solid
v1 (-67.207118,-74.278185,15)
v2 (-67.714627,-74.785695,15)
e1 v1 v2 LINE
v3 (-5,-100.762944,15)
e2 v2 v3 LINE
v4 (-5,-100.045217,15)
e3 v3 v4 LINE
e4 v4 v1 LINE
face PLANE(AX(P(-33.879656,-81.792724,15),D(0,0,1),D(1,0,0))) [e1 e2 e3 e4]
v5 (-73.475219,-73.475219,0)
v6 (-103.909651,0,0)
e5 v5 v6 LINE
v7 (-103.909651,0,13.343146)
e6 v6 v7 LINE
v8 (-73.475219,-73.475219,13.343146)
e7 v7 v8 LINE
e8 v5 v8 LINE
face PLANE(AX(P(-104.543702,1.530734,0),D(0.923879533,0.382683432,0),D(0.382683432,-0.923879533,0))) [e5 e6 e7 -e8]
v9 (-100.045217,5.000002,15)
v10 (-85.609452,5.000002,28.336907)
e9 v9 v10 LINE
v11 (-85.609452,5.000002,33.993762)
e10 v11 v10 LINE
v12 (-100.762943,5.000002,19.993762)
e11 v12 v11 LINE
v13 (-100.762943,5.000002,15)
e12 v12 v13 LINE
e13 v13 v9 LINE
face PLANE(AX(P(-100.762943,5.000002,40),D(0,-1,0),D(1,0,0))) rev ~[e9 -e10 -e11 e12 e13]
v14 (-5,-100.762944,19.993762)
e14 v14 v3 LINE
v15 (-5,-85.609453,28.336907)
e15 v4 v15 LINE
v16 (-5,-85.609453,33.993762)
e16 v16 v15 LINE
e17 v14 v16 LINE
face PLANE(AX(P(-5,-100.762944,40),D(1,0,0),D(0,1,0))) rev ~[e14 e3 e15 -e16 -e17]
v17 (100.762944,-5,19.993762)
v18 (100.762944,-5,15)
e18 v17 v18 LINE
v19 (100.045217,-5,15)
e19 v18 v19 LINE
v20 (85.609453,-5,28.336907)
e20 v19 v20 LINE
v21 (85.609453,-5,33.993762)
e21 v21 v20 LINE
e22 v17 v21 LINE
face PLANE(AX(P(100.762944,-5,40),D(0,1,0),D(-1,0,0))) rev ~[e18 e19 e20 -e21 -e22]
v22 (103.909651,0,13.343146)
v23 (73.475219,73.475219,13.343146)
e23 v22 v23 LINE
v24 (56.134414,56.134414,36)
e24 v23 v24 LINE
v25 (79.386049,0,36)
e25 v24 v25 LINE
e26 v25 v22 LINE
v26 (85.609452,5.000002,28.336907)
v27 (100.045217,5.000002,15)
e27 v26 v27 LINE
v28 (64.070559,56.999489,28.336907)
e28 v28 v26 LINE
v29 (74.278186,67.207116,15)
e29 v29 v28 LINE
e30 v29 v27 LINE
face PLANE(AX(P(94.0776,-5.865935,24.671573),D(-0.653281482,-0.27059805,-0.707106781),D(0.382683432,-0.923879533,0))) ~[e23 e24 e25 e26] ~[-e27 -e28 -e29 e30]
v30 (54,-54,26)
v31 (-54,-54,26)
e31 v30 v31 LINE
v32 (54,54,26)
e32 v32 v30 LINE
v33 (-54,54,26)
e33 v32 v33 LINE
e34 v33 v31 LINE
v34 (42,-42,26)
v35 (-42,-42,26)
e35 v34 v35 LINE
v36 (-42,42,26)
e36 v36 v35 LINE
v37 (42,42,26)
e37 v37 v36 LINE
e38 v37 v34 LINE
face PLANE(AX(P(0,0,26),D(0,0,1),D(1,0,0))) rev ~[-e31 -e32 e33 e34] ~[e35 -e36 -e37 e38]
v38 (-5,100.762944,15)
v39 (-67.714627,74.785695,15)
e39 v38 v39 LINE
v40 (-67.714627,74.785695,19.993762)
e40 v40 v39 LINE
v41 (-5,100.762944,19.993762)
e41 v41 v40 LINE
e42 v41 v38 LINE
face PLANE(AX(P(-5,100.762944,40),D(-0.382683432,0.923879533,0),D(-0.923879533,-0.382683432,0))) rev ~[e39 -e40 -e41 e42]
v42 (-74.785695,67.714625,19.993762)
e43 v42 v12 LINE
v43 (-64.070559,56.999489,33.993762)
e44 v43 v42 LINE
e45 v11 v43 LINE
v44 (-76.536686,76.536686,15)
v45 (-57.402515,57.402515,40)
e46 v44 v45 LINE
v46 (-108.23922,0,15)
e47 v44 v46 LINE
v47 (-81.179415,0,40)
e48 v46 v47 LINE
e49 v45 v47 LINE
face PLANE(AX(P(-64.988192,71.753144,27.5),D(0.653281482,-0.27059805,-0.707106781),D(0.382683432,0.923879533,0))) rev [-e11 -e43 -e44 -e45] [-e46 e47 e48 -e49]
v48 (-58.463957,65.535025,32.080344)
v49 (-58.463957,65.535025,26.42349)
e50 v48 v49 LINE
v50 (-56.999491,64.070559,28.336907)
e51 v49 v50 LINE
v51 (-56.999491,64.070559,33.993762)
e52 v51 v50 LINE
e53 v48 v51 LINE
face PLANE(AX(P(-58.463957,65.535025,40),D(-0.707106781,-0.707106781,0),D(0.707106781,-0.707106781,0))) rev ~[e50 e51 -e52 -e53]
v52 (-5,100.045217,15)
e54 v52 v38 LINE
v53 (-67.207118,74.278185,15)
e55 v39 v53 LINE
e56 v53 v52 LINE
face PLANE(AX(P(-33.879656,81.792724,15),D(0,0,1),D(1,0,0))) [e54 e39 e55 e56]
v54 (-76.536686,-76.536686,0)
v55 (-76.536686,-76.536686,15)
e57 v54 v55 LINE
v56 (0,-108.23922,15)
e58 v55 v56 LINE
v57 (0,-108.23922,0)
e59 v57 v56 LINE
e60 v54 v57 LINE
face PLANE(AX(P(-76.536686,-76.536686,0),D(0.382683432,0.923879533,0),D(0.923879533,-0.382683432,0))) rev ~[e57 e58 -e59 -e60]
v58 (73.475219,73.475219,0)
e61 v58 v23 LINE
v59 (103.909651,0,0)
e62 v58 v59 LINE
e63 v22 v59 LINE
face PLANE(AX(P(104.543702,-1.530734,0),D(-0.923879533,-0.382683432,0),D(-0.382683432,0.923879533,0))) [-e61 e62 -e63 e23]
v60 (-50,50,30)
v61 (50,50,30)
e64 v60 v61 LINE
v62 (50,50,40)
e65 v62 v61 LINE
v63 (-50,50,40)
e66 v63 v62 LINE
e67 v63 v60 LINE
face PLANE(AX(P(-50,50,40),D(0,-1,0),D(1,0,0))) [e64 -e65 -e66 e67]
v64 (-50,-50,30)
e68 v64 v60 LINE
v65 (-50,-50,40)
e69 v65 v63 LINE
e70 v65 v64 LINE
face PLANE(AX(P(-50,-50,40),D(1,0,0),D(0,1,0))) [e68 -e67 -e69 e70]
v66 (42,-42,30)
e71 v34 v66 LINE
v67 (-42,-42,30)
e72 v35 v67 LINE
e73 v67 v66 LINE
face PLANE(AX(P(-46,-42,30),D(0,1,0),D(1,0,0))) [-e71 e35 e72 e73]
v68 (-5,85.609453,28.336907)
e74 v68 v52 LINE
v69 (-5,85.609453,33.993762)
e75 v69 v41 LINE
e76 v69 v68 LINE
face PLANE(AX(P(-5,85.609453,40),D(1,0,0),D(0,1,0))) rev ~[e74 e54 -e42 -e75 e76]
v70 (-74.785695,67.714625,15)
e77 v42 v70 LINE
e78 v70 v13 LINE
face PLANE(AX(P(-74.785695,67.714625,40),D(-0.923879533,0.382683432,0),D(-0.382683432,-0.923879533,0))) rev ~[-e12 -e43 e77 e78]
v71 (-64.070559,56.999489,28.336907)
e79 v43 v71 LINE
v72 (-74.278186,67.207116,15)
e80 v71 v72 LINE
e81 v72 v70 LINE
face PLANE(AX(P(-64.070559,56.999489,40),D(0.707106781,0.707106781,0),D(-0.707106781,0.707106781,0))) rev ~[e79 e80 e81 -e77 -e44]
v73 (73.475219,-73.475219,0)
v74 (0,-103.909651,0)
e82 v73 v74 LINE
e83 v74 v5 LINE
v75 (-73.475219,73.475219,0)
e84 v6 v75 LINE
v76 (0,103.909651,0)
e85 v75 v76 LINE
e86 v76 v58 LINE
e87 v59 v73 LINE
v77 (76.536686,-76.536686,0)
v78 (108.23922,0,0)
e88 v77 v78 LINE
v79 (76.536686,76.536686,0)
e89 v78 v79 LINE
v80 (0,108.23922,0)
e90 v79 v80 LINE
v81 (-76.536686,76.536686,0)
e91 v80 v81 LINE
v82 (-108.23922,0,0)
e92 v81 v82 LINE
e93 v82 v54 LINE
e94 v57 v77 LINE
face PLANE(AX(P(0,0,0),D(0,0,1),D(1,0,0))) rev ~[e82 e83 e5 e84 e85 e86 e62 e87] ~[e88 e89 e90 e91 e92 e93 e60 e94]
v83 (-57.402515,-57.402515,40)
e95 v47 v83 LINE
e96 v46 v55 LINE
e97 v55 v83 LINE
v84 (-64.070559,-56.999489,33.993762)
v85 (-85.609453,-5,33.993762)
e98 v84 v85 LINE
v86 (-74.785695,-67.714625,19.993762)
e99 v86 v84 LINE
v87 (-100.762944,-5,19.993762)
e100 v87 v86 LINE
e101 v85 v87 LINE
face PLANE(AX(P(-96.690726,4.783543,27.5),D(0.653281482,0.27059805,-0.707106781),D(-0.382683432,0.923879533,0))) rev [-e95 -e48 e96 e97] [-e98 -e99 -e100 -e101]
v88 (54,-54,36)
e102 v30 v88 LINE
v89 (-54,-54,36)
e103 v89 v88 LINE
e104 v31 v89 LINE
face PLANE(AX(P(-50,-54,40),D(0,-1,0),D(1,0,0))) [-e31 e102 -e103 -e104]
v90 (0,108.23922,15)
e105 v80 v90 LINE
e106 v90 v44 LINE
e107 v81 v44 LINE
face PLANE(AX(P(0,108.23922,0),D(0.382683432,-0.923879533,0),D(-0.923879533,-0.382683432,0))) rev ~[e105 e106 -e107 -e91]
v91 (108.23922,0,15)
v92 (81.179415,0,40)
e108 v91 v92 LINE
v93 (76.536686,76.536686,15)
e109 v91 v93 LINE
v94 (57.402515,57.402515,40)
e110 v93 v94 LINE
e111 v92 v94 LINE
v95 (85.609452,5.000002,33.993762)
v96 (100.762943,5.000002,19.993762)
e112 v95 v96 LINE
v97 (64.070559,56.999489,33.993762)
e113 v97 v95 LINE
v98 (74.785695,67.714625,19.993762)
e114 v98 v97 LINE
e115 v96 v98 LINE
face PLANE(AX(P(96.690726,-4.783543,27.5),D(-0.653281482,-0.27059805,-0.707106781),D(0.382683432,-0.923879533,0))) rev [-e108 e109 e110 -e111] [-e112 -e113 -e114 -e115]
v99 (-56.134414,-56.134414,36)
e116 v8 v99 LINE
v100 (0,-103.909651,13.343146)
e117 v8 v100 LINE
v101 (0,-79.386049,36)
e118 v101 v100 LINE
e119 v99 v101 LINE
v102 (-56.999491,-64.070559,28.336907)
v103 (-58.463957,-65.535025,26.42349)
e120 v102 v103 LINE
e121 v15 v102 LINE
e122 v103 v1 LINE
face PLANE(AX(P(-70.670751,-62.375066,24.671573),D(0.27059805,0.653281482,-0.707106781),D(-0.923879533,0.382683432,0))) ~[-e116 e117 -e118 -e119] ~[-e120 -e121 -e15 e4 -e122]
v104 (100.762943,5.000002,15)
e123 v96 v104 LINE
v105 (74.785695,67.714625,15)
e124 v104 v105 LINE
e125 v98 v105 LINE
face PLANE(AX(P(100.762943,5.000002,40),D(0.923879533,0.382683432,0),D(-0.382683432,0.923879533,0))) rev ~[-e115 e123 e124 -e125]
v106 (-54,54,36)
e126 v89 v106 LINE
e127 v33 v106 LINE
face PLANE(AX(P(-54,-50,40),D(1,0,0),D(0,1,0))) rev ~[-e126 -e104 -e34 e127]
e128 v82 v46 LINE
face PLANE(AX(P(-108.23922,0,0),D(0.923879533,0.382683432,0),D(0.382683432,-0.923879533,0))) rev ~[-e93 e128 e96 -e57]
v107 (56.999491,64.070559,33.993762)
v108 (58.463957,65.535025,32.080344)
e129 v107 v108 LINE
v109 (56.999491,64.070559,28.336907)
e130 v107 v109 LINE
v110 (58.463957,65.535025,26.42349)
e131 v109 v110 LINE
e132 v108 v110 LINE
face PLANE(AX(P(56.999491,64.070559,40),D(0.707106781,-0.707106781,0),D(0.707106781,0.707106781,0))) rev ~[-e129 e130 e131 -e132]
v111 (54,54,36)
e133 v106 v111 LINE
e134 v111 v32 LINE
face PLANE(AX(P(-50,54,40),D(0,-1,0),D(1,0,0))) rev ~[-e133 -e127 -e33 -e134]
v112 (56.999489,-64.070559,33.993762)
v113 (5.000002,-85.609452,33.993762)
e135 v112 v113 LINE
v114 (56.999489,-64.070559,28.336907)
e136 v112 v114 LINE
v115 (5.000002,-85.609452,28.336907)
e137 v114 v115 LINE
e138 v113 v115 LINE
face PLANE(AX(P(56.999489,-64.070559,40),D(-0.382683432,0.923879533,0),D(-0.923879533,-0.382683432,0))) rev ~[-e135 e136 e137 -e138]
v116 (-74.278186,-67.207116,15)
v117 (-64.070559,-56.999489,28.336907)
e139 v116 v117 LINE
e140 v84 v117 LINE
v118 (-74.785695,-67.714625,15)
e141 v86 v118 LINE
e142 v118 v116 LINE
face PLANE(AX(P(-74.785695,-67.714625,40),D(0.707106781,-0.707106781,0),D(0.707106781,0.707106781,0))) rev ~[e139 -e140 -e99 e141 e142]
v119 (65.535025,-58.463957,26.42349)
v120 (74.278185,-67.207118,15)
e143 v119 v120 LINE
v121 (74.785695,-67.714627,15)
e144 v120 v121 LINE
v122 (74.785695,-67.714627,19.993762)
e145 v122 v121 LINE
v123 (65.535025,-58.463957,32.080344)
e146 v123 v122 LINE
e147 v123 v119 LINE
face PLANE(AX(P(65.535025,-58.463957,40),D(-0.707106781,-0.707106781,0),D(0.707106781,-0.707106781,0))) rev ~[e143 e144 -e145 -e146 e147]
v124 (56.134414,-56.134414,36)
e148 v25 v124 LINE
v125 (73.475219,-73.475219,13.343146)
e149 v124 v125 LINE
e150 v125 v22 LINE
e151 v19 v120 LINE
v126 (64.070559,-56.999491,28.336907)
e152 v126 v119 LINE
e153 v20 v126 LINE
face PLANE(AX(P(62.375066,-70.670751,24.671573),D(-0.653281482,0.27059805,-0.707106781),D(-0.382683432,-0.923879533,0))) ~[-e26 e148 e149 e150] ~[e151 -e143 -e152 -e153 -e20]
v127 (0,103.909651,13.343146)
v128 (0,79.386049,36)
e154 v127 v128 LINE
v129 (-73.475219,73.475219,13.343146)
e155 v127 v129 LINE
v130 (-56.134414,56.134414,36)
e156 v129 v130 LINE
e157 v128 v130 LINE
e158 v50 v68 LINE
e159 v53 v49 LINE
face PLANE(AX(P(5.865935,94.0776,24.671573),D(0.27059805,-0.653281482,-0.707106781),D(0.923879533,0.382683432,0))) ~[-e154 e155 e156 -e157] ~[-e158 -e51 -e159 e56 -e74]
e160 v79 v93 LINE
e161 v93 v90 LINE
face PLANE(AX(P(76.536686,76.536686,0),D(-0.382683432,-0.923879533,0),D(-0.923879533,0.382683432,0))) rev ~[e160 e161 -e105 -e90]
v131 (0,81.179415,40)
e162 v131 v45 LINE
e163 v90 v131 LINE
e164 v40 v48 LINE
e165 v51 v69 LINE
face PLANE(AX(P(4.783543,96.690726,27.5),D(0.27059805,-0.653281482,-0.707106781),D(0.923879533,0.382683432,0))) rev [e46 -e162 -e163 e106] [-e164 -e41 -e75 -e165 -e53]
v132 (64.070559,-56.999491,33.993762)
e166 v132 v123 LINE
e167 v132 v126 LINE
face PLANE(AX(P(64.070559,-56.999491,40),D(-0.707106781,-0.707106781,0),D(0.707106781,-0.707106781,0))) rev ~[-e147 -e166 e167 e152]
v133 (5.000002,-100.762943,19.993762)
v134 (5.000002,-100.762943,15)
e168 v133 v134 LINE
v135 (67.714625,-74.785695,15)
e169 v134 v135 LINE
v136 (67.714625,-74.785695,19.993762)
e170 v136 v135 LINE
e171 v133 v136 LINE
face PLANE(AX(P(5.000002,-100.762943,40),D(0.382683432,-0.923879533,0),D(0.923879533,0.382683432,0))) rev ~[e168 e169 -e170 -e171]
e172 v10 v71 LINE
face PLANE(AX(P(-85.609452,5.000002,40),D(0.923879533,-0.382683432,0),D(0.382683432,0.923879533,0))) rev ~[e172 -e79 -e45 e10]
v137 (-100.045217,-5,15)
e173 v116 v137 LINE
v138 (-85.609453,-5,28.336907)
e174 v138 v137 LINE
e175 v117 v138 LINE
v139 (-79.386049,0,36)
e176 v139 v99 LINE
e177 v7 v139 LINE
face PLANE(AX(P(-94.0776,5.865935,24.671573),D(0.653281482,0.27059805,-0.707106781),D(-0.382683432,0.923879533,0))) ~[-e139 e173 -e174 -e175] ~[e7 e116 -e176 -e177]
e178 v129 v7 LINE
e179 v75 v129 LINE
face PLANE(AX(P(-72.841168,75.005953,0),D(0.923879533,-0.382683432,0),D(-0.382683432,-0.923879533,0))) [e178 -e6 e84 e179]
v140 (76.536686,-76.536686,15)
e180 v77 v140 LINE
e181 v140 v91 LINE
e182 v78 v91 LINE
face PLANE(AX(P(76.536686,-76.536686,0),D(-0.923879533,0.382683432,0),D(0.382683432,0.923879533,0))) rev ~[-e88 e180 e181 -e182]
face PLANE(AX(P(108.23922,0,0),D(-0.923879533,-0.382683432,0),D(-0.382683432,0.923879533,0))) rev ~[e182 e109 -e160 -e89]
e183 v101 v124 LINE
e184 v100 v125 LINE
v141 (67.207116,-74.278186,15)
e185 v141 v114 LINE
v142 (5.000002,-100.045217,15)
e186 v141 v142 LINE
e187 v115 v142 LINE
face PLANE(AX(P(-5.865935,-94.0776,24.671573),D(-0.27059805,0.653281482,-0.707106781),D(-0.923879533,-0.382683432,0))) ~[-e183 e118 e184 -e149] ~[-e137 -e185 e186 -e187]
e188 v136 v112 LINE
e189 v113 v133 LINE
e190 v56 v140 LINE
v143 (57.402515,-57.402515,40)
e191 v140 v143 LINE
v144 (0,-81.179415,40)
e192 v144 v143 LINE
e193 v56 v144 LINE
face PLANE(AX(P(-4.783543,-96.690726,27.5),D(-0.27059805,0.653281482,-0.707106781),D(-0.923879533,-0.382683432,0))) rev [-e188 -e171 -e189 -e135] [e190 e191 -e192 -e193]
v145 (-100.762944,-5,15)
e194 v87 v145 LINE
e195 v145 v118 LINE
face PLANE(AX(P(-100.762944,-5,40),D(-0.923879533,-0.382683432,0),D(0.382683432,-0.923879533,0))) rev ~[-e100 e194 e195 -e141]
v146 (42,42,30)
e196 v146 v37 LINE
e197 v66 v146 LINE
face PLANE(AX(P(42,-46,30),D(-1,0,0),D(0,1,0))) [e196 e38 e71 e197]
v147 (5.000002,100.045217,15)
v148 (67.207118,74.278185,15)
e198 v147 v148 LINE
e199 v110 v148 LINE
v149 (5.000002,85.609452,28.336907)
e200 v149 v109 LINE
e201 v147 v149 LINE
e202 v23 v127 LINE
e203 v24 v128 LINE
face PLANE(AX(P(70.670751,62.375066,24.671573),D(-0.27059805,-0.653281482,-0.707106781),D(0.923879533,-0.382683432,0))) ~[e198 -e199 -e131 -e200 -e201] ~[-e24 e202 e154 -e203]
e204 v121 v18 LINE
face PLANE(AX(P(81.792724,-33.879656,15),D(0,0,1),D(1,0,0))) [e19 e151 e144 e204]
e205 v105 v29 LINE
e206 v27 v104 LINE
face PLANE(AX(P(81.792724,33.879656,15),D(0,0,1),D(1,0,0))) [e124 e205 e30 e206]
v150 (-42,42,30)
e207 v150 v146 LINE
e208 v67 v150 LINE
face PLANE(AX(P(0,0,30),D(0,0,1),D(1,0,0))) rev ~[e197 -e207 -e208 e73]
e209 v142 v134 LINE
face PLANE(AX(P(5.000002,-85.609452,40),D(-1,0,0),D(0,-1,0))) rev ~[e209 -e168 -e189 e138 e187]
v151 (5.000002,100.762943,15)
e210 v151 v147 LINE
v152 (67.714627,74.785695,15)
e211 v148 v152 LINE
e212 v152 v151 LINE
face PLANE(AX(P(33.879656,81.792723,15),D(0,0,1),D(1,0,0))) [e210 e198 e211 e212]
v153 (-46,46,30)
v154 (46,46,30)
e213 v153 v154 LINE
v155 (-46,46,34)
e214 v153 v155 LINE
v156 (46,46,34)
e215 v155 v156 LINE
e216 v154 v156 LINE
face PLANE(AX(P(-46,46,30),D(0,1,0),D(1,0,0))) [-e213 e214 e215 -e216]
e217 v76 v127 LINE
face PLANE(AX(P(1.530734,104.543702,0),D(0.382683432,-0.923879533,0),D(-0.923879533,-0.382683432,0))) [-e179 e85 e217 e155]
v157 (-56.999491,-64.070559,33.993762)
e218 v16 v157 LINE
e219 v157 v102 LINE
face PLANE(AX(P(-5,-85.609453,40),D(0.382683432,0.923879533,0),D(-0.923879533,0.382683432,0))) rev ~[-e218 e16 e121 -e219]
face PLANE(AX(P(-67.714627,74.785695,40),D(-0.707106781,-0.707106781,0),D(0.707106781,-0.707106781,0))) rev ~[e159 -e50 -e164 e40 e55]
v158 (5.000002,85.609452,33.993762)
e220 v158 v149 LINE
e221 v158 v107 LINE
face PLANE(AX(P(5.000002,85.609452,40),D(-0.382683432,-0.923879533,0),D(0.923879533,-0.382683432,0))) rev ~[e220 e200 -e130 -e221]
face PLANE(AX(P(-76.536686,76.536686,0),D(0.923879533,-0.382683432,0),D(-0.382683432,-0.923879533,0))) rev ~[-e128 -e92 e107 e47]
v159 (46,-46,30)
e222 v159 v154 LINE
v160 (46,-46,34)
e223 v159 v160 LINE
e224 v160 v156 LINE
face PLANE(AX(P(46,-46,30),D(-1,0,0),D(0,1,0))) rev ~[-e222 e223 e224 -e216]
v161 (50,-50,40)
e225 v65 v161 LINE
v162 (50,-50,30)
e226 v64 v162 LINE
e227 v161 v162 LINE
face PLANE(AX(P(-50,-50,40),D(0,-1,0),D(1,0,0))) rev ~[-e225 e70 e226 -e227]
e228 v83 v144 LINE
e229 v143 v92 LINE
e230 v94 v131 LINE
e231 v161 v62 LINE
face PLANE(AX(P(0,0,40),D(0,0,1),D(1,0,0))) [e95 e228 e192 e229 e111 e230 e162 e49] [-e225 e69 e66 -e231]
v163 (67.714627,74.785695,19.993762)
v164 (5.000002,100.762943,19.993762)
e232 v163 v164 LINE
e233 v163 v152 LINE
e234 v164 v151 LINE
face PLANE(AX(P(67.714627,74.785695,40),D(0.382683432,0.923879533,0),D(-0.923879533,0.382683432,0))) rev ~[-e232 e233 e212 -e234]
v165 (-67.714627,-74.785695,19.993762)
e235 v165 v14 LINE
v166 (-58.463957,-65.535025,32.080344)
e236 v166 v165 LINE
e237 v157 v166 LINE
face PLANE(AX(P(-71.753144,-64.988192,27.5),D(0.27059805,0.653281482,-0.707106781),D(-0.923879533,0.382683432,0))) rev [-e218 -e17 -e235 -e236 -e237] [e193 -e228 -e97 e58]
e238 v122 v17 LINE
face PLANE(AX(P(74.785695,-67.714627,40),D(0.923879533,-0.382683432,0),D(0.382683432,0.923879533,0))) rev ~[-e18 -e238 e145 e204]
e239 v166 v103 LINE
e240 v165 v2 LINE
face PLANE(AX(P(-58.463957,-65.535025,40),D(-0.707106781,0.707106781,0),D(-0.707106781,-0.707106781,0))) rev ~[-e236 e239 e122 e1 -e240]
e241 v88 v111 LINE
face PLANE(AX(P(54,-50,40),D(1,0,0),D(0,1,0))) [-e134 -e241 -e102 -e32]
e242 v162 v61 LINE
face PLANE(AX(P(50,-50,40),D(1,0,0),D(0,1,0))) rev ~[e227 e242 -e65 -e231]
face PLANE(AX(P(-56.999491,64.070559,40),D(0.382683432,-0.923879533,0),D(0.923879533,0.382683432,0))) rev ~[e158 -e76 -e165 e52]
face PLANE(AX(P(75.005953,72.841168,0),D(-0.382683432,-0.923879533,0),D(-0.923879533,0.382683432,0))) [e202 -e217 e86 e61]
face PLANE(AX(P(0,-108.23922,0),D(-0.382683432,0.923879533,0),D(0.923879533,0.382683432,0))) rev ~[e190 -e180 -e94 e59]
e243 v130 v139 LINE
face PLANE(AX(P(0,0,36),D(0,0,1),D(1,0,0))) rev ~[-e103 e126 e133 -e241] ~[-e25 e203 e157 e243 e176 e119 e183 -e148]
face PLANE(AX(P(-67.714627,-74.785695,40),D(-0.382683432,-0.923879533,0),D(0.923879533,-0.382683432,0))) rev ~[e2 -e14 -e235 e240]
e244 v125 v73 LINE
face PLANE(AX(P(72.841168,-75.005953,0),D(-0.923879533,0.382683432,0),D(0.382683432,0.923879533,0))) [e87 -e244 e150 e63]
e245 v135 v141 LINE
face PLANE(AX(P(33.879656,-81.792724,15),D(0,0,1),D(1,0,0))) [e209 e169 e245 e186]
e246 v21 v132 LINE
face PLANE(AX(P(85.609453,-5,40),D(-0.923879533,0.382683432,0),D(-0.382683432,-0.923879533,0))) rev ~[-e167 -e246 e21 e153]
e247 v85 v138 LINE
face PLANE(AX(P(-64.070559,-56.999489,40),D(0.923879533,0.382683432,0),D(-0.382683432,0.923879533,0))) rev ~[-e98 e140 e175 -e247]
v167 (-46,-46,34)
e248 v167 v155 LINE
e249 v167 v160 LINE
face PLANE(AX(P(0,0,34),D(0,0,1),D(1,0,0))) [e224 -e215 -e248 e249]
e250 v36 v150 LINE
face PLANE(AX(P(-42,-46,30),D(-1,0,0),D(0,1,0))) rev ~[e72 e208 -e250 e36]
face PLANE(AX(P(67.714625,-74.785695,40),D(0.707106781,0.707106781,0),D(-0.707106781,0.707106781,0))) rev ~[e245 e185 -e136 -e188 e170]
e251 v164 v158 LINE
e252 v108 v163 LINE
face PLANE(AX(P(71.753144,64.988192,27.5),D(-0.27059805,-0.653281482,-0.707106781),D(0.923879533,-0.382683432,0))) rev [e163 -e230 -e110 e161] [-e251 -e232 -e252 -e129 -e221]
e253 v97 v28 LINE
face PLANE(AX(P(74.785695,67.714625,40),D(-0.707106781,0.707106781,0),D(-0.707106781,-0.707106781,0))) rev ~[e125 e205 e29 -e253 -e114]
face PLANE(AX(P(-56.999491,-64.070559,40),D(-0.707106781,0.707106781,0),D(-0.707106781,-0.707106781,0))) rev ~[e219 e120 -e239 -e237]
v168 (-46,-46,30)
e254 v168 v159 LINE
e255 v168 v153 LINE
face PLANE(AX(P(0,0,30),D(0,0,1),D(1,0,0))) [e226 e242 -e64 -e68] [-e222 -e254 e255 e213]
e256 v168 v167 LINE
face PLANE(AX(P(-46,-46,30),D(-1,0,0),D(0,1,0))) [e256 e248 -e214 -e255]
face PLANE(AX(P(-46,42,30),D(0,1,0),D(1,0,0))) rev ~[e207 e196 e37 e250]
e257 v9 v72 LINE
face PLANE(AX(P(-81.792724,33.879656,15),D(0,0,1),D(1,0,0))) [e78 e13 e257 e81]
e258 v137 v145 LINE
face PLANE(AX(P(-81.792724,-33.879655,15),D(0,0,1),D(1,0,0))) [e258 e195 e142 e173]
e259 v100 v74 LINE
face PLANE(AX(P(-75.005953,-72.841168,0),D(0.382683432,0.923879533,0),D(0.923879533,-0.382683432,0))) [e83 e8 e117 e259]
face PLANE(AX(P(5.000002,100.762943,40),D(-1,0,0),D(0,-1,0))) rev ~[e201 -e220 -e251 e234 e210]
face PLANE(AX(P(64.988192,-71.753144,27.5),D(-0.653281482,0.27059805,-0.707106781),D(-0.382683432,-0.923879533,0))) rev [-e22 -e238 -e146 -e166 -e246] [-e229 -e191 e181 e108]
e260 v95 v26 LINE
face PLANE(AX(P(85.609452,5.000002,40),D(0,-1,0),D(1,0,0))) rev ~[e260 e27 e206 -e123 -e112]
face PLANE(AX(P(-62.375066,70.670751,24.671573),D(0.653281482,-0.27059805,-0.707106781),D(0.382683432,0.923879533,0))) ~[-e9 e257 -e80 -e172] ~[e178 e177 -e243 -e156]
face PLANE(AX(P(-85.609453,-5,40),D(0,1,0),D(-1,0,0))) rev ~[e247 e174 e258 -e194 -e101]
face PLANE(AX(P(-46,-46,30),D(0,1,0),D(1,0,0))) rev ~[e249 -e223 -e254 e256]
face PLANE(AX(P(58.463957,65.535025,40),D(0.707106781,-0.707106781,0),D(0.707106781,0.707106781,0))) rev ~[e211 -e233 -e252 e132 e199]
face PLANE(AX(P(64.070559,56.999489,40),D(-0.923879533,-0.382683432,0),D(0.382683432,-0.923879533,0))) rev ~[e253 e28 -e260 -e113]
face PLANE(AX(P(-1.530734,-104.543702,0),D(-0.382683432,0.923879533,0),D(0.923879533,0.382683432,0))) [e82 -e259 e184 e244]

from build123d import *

# Parameters (mm, degrees)
F1_DEPTH = 40
F2_SIZE  = 25
F3_W     = 100
F3_H     = 100
F4_DEPTH = 10
F5_W     = 92
F5_H     = 92
F6_DEPTH = 4
F7_T     = -4
F9_DEPTH = 25


with BuildPart() as f1:
    # F0 (on Top) → F1 (new body)
    with BuildSketch(Plane.XY):
        Polygon((108.2392200292, 0), (76.536686473, 76.536686473), (0, 108.2392200292), (-76.536686473, 76.536686473), (-108.2392200292, 0), (-76.536686473, -76.536686473), (0, -108.2392200292), (76.536686473, -76.536686473), align=None)
    extrude(amount=F1_DEPTH)

    # F2
    f2_edges = [f1.edges().sort_by_distance(p)[0] for p in [
        (38.268343, 92.387953, 40),
        (-38.268343, 92.387953, 40),
        (-92.387953, 38.268343, 40),
        (-92.387953, -38.268343, 40),
        (-38.268343, -92.387953, 40),
        (38.268343, -92.387953, 40),
        (92.387953, -38.268343, 40),
        (92.387953, 38.268343, 40),
    ]]
    chamfer(f2_edges, length=F2_SIZE)

    # F3 (on face) → F4 (cut)
    with BuildSketch(Plane.XY.offset(40)):
        Rectangle(F3_W, F3_H)
    extrude(amount=-F4_DEPTH, mode=Mode.SUBTRACT)

    # F5 (on face) → F6 (join)
    with BuildSketch(Plane.XY.offset(30)):
        Rectangle(F5_W, F5_H)
    extrude(amount=F6_DEPTH)

    # F7
    f7_openings = [f1.faces().sort_by_distance(p)[0] for p in [
        (0, 0, 0),
    ]]
    offset(amount=F7_T, openings=f7_openings, kind=Kind.INTERSECTION)

    # F8 (on face) → F9 (cut)
    with BuildSketch(Plane.XY.offset(40)):
        Polygon((-67.7146268432, -74.7856946551), (-5, -100.7629436527), (-5, -87.6805206605), (-5, -85.6094528486), (-56.999490737, -64.0705585489), (-58.4639568311, -65.5350246429), align=None)
        Polygon((5.000001811, -100.7629429025), (67.7146250322, -74.7856954052), (58.4639555505, -65.5350259235), (56.999488926, -64.070559299), (5.000001811, -85.6094520985), (5.000001811, -87.6805206605), align=None)
        Polygon((65.5350259235, 58.4639555505), (64.070559299, 56.999488926), (85.6094520985, 5.000001811), (87.6805206605, 5.000001811), (100.7629429025, 5.000001811), (74.7856954052, 67.7146250322), align=None)
        Polygon((56.999490737, 64.0705585489), (58.4639568311, 65.5350246429), (67.7146268432, 74.7856946551), (5.000001811, 100.7629429025), (5.000001811, 87.6805206605), (5.000001811, 85.6094520985), align=None)
        Polygon((-67.7146268432, 74.7856946551), (-58.4639568311, 65.5350246429), (-56.999490737, 64.0705585489), (-5, 85.6094528486), (-5, 87.6805206605), (-5, 100.7629436527), align=None)
        Polygon((74.7856946551, -67.7146268432), (100.7629436527, -5), (87.6805206605, -5), (85.6094528486, -5), (64.0705585489, -56.999490737), (65.5350246429, -58.4639568311), align=None)
        Polygon((-74.7856954052, 67.7146250322), (-100.7629429025, 5.000001811), (-87.6805206605, 5.000001811), (-85.6094520985, 5.000001811), (-64.070559299, 56.999488926), (-65.5350259235, 58.4639555505), align=None)
        Polygon((-100.7629436527, -5), (-74.7856954052, -67.7146250322), (-65.5350259235, -58.4639555505), (-64.070559299, -56.999488926), (-85.6094528486, -5), (-87.6805206605, -5), align=None)
    extrude(amount=-F9_DEPTH, mode=Mode.SUBTRACT)


solid = f1.part
